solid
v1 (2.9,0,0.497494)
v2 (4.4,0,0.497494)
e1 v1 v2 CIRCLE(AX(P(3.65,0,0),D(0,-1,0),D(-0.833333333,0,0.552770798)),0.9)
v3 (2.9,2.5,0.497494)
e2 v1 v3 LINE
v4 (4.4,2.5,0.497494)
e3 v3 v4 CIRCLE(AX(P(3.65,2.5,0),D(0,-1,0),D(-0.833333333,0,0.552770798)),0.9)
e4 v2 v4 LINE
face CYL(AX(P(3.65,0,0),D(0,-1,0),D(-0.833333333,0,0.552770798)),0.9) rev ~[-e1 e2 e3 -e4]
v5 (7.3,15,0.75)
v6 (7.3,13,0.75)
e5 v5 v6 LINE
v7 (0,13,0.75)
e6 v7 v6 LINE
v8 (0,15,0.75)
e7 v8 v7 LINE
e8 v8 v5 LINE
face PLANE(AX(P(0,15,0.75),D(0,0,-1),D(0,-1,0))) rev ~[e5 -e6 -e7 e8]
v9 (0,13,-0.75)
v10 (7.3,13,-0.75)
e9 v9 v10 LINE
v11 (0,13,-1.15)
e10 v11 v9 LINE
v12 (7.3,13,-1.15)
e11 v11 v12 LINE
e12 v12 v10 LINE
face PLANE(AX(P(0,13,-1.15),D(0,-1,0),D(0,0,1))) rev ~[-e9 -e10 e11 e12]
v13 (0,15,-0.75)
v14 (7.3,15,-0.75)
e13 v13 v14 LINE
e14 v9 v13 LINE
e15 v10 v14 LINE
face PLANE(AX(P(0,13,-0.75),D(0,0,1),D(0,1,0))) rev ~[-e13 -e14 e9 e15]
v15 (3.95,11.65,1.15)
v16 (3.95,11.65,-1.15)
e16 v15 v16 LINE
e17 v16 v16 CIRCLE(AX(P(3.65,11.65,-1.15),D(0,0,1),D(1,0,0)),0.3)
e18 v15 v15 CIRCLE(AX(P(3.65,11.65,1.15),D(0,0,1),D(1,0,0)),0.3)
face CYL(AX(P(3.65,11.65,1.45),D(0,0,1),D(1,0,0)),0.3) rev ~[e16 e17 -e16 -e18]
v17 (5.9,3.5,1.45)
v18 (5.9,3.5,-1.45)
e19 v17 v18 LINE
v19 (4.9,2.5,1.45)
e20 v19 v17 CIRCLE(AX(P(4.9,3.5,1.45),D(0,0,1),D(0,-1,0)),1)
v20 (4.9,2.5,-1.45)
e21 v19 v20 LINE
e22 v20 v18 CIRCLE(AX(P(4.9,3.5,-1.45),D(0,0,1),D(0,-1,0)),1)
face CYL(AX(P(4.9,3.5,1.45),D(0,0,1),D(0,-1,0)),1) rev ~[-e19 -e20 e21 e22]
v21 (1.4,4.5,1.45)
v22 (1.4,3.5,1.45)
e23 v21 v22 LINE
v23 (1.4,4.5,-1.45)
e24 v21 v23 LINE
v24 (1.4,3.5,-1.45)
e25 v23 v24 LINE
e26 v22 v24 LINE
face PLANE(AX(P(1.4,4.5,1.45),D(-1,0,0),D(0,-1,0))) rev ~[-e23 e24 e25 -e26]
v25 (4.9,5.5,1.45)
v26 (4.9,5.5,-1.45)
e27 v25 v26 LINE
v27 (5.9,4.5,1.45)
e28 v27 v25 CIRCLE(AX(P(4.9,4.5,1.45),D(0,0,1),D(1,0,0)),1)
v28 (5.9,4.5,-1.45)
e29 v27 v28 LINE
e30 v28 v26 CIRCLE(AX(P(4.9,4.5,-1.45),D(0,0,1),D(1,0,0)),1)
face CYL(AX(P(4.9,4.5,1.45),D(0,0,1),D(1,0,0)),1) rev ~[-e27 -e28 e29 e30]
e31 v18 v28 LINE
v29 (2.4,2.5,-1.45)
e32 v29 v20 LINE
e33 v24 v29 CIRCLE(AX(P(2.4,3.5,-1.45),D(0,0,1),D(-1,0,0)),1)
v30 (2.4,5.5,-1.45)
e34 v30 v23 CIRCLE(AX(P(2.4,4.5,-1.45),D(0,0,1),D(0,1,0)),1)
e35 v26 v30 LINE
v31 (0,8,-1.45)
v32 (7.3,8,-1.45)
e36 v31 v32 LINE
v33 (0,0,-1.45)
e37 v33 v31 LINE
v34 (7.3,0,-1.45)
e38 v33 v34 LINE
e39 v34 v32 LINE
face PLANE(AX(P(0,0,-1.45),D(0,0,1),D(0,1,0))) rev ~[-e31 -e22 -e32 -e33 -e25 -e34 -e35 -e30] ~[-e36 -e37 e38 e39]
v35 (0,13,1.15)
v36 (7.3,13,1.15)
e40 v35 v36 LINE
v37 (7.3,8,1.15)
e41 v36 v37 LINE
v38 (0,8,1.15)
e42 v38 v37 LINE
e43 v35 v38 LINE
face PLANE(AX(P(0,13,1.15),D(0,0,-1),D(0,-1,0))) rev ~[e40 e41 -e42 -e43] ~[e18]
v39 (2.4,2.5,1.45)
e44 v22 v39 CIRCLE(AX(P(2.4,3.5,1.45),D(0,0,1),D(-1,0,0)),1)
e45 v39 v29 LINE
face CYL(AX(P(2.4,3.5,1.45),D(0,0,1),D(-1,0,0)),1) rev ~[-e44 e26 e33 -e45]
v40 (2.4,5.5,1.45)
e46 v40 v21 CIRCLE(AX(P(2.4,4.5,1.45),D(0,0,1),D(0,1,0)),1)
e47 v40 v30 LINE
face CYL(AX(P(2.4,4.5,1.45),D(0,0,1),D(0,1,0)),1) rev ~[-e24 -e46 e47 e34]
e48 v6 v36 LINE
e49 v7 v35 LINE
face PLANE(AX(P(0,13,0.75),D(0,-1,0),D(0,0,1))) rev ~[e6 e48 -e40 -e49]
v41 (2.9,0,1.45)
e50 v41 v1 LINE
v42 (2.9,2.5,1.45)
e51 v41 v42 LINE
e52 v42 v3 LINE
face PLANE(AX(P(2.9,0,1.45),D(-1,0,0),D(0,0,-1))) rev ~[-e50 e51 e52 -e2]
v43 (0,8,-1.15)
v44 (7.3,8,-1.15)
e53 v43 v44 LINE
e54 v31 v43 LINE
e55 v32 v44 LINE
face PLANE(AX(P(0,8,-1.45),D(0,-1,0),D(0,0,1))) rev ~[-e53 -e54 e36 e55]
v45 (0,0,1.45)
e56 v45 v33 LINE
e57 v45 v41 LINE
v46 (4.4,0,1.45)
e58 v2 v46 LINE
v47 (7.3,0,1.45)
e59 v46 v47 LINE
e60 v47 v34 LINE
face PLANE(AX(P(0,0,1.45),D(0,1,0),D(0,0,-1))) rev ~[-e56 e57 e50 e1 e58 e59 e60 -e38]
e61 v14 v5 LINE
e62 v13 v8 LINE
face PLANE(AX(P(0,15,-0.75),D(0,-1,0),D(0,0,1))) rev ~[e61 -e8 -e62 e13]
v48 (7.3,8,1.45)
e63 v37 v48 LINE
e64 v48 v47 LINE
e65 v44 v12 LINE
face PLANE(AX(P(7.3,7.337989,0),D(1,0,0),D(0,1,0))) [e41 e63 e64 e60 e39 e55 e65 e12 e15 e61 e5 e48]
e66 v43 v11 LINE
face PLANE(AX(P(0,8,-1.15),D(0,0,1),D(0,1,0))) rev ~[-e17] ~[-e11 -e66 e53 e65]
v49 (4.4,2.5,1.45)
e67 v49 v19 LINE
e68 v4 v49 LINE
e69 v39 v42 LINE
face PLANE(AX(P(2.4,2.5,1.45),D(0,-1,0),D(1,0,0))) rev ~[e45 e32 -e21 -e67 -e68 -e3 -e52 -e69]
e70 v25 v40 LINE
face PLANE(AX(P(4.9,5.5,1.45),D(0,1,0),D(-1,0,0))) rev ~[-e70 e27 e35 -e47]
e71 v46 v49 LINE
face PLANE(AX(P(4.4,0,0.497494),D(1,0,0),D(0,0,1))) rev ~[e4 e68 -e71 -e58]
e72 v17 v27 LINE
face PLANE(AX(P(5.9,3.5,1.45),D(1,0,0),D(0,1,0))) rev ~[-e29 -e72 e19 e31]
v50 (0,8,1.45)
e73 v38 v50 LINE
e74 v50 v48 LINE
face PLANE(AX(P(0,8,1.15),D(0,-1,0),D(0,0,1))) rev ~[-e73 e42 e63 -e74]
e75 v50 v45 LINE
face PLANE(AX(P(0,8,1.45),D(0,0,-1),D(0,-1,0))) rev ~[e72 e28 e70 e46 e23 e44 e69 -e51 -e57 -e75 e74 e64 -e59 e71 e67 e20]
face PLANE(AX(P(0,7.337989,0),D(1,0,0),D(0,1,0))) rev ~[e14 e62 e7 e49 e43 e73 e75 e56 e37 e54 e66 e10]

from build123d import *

# Parameters (mm, degrees)
F2_DEPTH = 7.3
F3_R     = 0.3
F4_DEPTH = 2.901
F6_DEPTH = 2.5


with BuildPart() as f2:
    # F1 (on Right) → F2 (new body)
    with BuildSketch(Plane.YZ):
        Polygon((0, 1.45), (0, 0), (0, -1.45), (8, -1.45), (8, -1.15), (13, -1.15), (13, -0.75), (15, -0.75), (15, 0), (15, 0.75), (13, 0.75), (13, 1.15), (8, 1.15), (8, 1.45), align=None)
    extrude(amount=F2_DEPTH)

    # F3 (on face) → F4 (cut, through all)
    with BuildSketch(Plane.XY.offset(1.45)):
        with BuildLine():
            ThreePointArc((1.4, 3.5), (1.6928932188, 2.7928932188), (2.4, 2.5))
            Line((2.4, 2.5), (4.9, 2.5))
            ThreePointArc((4.9, 2.5), (5.6071067812, 2.7928932188), (5.9, 3.5))
            Line((5.9, 3.5), (5.9, 4.5))
            ThreePointArc((5.9, 4.5), (5.6071067812, 5.2071067812), (4.9, 5.5))
            Line((4.9, 5.5), (2.4, 5.5))
            ThreePointArc((2.4, 5.5), (1.6928932188, 5.2071067812), (1.4, 4.5))
            Line((1.4, 4.5), (1.4, 3.5))
        make_face()
        with Locations((3.65, 11.65)):
            Circle(F3_R)
    extrude(amount=-F4_DEPTH, mode=Mode.SUBTRACT)

    # F5 (on face) → F6 (cut, through all)
    with BuildSketch(Plane.XZ):
        with BuildLine():
            Line((4.4, 1.45), (2.9, 1.45))
            Line((2.9, 1.45), (2.9, 0.4974937186))
            ThreePointArc((2.9, 0.4974937186), (3.65, -0.9), (4.4, 0.4974937186))
            Line((4.4, 0.4974937186), (4.4, 1.45))
        make_face()
    extrude(amount=-F6_DEPTH, mode=Mode.SUBTRACT)


solid = f2.part
